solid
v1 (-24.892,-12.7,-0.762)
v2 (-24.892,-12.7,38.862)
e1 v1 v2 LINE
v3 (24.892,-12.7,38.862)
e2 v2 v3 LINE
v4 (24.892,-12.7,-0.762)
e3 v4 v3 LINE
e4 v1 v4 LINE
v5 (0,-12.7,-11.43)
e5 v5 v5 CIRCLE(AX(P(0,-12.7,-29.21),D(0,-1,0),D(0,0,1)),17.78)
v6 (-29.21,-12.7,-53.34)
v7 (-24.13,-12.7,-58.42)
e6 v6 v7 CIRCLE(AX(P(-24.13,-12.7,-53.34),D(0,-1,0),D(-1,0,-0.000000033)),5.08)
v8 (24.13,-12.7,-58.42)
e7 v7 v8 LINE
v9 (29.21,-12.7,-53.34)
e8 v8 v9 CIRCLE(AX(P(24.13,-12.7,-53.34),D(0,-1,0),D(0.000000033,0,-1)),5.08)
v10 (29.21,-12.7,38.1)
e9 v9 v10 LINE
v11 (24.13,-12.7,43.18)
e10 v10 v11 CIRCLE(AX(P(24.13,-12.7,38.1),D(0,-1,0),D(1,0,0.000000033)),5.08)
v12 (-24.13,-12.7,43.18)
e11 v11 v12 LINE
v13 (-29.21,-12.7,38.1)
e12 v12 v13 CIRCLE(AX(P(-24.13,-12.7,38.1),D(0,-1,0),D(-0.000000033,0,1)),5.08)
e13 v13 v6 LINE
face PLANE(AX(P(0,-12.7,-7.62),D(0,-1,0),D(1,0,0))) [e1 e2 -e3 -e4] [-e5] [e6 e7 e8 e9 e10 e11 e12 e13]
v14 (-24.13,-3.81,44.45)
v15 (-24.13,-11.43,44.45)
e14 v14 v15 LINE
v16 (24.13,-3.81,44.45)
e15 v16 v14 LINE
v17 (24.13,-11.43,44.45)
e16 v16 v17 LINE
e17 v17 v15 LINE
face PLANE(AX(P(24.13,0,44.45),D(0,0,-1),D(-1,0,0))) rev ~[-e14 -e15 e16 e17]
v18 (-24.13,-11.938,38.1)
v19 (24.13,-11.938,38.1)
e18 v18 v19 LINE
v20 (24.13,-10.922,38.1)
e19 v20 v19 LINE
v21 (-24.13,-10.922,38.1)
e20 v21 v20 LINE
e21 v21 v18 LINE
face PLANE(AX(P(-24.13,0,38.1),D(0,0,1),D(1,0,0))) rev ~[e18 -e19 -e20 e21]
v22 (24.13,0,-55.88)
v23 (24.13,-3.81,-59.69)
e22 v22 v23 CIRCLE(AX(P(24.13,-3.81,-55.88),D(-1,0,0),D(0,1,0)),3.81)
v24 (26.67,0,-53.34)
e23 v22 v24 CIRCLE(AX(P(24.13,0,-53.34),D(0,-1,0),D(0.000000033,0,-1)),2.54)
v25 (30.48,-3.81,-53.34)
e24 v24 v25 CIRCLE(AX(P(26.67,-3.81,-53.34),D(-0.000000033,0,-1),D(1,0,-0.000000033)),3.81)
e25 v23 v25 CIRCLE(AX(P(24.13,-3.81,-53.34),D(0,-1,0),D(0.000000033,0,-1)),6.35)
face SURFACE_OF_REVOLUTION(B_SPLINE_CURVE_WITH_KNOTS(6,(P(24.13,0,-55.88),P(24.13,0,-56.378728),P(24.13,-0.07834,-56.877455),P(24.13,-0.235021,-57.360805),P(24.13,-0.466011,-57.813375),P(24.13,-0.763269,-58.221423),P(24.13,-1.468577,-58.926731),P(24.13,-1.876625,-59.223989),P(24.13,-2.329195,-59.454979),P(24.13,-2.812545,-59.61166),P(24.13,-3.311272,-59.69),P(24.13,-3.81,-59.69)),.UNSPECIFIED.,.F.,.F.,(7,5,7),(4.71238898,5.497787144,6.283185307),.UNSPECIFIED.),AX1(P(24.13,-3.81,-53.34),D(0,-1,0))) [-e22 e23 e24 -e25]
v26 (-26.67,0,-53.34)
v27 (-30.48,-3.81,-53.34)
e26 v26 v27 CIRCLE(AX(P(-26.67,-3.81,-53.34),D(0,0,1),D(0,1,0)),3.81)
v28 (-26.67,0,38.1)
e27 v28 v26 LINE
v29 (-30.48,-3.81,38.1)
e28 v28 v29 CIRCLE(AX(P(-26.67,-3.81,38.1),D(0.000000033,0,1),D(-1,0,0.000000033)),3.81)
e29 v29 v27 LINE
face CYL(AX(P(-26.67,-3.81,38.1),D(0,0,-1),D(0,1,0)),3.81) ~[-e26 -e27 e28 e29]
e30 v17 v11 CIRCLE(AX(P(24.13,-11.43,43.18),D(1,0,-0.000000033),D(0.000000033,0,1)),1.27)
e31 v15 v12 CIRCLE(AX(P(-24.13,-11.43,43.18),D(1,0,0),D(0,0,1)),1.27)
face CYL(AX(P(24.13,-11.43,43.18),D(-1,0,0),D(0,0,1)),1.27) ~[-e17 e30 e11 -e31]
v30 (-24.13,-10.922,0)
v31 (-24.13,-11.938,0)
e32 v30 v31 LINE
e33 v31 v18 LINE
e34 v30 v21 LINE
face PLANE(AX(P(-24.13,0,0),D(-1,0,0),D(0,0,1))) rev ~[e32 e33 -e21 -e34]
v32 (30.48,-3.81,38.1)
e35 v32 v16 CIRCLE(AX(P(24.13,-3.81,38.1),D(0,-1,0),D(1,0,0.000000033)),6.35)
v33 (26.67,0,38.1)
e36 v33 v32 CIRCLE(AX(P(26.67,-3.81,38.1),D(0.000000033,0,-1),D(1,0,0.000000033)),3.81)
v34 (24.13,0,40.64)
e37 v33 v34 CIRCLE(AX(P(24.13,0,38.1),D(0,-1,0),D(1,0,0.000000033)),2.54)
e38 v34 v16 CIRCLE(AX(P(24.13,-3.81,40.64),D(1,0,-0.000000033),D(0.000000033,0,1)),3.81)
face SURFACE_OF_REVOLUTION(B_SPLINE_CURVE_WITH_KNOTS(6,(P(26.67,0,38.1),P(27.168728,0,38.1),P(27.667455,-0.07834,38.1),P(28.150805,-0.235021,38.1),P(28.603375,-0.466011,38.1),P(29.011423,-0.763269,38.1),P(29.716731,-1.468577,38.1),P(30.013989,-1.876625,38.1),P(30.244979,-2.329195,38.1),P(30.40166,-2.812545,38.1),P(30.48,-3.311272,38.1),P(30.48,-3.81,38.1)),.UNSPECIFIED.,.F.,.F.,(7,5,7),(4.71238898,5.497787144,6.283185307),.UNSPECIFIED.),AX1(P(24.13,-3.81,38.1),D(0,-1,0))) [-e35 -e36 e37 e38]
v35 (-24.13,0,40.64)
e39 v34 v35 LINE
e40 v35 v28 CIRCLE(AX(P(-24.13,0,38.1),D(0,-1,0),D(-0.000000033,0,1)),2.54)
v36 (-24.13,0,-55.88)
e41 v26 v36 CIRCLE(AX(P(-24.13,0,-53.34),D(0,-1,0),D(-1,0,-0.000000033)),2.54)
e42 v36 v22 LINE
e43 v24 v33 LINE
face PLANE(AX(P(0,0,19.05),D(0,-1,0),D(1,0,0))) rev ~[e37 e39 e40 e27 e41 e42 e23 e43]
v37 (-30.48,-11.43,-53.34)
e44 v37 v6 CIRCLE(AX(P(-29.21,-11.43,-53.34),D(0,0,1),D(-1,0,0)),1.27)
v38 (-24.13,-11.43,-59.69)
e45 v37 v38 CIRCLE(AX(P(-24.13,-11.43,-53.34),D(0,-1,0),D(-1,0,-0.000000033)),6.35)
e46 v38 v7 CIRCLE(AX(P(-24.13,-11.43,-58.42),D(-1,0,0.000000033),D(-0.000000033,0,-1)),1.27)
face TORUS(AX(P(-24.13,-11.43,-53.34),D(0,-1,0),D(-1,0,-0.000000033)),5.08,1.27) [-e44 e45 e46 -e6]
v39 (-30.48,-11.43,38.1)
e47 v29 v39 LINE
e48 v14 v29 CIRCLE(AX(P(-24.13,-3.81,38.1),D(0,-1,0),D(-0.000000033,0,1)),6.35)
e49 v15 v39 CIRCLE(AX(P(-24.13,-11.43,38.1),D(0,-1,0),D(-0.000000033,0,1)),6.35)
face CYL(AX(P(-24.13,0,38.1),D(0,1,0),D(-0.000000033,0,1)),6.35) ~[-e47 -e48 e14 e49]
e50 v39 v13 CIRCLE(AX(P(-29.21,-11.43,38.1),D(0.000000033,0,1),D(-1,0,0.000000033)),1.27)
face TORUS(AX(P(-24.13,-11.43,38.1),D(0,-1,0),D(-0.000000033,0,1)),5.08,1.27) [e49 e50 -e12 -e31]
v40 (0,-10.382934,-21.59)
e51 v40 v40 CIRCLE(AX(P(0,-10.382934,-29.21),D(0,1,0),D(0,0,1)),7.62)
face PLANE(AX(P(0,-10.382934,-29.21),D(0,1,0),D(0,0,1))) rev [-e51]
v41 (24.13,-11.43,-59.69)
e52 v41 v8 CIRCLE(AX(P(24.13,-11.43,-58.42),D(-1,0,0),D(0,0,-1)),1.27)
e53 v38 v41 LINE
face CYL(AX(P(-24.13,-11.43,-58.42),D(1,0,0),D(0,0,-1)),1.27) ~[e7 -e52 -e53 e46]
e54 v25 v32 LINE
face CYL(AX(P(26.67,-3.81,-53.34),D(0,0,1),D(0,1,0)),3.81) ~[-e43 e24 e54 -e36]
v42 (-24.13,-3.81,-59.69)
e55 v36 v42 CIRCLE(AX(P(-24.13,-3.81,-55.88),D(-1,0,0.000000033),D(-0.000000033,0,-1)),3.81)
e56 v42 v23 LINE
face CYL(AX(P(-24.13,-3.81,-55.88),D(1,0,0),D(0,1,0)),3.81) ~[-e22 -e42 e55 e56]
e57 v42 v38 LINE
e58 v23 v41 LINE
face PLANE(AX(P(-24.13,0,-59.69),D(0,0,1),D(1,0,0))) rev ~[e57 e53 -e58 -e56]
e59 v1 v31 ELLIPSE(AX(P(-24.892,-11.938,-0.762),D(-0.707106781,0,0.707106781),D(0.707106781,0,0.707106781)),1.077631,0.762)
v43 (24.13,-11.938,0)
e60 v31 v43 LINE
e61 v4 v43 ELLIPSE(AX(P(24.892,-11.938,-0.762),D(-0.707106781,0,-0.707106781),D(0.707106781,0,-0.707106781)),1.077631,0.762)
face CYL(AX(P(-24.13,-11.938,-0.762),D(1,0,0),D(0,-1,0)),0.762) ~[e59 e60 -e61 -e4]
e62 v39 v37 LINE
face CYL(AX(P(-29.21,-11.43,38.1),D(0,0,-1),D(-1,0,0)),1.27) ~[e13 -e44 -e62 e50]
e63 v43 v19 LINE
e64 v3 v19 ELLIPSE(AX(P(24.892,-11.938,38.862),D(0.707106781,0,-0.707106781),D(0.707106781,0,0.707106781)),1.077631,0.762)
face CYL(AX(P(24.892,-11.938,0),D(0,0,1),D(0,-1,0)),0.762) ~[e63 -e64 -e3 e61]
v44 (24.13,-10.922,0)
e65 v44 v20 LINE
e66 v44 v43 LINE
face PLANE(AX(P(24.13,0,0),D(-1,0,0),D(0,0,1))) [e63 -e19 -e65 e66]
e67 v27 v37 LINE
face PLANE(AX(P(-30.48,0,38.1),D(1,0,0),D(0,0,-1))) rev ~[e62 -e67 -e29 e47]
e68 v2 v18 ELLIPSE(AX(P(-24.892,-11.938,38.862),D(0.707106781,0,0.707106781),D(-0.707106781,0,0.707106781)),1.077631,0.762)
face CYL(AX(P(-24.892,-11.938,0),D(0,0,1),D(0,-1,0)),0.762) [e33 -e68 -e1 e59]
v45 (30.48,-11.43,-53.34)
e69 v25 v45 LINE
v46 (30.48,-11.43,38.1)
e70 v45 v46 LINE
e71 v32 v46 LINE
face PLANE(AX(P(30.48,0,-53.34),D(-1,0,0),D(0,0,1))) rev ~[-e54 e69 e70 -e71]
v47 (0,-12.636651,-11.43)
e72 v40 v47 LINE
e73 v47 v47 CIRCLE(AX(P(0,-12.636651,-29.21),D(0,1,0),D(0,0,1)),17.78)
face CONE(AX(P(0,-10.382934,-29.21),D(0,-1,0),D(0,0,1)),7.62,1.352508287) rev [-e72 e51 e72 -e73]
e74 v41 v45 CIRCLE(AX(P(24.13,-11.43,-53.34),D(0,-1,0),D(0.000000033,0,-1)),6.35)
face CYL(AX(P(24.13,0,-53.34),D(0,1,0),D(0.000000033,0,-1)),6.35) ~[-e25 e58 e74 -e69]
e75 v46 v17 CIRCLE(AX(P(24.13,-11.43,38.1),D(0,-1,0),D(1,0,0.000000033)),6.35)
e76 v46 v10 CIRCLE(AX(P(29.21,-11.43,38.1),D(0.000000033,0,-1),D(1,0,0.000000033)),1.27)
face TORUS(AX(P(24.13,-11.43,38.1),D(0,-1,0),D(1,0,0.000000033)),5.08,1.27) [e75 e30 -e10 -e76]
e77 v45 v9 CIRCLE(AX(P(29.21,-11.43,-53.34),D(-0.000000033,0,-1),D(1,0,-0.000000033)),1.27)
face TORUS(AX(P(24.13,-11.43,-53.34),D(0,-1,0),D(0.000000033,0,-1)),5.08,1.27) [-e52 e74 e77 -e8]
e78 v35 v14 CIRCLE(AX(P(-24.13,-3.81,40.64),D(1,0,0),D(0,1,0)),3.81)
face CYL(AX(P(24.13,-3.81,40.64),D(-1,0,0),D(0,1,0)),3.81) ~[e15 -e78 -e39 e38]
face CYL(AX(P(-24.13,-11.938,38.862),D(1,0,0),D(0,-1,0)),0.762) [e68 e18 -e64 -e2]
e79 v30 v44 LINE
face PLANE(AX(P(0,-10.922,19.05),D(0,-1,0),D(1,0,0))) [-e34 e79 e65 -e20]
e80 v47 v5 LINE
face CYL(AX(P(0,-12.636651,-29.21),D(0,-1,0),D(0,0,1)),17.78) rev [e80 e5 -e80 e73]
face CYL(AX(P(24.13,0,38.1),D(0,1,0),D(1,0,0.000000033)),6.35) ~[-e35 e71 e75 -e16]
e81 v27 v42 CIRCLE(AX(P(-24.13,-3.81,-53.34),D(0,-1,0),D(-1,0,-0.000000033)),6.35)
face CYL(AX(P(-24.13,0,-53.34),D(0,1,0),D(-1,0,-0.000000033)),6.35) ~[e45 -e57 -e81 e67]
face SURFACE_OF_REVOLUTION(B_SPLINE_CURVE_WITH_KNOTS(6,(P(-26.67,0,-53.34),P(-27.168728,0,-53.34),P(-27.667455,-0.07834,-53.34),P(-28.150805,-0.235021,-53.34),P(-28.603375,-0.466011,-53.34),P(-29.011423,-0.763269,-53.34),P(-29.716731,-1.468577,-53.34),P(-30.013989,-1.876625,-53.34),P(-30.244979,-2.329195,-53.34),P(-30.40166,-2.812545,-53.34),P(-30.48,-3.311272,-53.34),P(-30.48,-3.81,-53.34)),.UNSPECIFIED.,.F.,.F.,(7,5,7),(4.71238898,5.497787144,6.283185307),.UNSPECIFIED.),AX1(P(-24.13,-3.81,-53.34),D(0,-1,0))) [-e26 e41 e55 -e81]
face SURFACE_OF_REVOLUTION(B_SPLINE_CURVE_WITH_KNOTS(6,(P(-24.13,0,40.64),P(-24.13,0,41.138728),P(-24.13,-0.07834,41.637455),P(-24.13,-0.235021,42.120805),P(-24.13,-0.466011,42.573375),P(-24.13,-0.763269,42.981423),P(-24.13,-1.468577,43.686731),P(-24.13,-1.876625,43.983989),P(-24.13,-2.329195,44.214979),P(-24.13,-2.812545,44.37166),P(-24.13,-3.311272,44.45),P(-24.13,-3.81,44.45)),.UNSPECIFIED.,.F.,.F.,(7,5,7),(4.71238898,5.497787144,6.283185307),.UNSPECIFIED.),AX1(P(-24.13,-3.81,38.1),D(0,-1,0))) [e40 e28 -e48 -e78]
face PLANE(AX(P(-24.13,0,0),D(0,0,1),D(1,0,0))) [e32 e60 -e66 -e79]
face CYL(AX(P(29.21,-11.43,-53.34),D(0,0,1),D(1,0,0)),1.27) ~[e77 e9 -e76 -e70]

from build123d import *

# Parameters (mm, degrees)
F0_R     = 17.78
F0_W     = 48.26
F0_H     = 38.1
F0_R_2   = 7.62
F1_DEPTH = 12.7
F5_W     = 48.26
F5_H     = 38.1
F6_DEPTH = 10.922
F7_R     = 3.81
F8_R     = 1.27
F9_R     = 0.762


with BuildPart() as f1:
    # F0 (on Front) → F1 (new body)
    with BuildSketch(Plane.XZ):
        with BuildLine():
            Line((24.13, 44.45), (-24.13, 44.45))
            ThreePointArc((-24.13, 44.45), (-28.620128, 42.590128), (-30.48, 38.1))
            Line((-30.48, 38.1), (-30.48, -53.34))
            ThreePointArc((-30.48, -53.34), (-28.620128, -57.830128), (-24.13, -59.69))
            Line((-24.13, -59.69), (24.13, -59.69))
            ThreePointArc((24.13, -59.69), (28.620128, -57.830128), (30.48, -53.34))
            Line((30.48, -53.34), (30.48, 38.1))
            ThreePointArc((30.48, 38.1), (28.620128, 42.590128), (24.13, 44.45))
        make_face()
        with Locations((0, -29.21)):
            Circle(F0_R, mode=Mode.SUBTRACT)
        with Locations((0, 19.05)):
            Rectangle(F0_W, F0_H, mode=Mode.SUBTRACT)
        with Locations((0, -29.21)):
            Circle(F0_R)
        with Locations((0, -29.21)):
            Circle(F0_R_2, mode=Mode.SUBTRACT)
        with Locations((0, -29.21)):
            Circle(F0_R_2)
    extrude(amount=F1_DEPTH)

    # F3 (on Right) → F4 (revolve, cut)
    with BuildSketch(Plane.YZ):
        Polygon((-16.624968, -29.21), (-10.382934, -29.21), (-10.382934, -21.59), (-12.636651, -11.43), (-16.624968, -11.43), align=None)
    revolve(axis=Axis((0, -8.021076, -29.21), (0, 1, 0)), mode=Mode.SUBTRACT)

    # F5 (on Front) → F6 (join)
    with BuildSketch(Plane.XZ):
        with Locations((0, 19.05)):
            Rectangle(F5_W, F5_H)
    extrude(amount=F6_DEPTH)

    # F7
    f7_edges = [f1.edges().sort_by_distance(p)[0] for p in [
        (28.620128, 0, 42.590128),
    ]]
    fillet(f7_edges, radius=F7_R)

    # F8
    f8_edges = [f1.edges().sort_by_distance(p)[0] for p in [
        (28.620128, -12.7, 42.590128),
    ]]
    fillet(f8_edges, radius=F8_R)

    # F9
    f9_edges = [f1.edges().sort_by_distance(p)[0] for p in [
        (0, -12.7, 0),
        (-24.13, -12.7, 19.05),
        (0, -12.7, 38.1),
        (24.13, -12.7, 19.05),
    ]]
    fillet(f9_edges, radius=F9_R)


solid = f1.part
